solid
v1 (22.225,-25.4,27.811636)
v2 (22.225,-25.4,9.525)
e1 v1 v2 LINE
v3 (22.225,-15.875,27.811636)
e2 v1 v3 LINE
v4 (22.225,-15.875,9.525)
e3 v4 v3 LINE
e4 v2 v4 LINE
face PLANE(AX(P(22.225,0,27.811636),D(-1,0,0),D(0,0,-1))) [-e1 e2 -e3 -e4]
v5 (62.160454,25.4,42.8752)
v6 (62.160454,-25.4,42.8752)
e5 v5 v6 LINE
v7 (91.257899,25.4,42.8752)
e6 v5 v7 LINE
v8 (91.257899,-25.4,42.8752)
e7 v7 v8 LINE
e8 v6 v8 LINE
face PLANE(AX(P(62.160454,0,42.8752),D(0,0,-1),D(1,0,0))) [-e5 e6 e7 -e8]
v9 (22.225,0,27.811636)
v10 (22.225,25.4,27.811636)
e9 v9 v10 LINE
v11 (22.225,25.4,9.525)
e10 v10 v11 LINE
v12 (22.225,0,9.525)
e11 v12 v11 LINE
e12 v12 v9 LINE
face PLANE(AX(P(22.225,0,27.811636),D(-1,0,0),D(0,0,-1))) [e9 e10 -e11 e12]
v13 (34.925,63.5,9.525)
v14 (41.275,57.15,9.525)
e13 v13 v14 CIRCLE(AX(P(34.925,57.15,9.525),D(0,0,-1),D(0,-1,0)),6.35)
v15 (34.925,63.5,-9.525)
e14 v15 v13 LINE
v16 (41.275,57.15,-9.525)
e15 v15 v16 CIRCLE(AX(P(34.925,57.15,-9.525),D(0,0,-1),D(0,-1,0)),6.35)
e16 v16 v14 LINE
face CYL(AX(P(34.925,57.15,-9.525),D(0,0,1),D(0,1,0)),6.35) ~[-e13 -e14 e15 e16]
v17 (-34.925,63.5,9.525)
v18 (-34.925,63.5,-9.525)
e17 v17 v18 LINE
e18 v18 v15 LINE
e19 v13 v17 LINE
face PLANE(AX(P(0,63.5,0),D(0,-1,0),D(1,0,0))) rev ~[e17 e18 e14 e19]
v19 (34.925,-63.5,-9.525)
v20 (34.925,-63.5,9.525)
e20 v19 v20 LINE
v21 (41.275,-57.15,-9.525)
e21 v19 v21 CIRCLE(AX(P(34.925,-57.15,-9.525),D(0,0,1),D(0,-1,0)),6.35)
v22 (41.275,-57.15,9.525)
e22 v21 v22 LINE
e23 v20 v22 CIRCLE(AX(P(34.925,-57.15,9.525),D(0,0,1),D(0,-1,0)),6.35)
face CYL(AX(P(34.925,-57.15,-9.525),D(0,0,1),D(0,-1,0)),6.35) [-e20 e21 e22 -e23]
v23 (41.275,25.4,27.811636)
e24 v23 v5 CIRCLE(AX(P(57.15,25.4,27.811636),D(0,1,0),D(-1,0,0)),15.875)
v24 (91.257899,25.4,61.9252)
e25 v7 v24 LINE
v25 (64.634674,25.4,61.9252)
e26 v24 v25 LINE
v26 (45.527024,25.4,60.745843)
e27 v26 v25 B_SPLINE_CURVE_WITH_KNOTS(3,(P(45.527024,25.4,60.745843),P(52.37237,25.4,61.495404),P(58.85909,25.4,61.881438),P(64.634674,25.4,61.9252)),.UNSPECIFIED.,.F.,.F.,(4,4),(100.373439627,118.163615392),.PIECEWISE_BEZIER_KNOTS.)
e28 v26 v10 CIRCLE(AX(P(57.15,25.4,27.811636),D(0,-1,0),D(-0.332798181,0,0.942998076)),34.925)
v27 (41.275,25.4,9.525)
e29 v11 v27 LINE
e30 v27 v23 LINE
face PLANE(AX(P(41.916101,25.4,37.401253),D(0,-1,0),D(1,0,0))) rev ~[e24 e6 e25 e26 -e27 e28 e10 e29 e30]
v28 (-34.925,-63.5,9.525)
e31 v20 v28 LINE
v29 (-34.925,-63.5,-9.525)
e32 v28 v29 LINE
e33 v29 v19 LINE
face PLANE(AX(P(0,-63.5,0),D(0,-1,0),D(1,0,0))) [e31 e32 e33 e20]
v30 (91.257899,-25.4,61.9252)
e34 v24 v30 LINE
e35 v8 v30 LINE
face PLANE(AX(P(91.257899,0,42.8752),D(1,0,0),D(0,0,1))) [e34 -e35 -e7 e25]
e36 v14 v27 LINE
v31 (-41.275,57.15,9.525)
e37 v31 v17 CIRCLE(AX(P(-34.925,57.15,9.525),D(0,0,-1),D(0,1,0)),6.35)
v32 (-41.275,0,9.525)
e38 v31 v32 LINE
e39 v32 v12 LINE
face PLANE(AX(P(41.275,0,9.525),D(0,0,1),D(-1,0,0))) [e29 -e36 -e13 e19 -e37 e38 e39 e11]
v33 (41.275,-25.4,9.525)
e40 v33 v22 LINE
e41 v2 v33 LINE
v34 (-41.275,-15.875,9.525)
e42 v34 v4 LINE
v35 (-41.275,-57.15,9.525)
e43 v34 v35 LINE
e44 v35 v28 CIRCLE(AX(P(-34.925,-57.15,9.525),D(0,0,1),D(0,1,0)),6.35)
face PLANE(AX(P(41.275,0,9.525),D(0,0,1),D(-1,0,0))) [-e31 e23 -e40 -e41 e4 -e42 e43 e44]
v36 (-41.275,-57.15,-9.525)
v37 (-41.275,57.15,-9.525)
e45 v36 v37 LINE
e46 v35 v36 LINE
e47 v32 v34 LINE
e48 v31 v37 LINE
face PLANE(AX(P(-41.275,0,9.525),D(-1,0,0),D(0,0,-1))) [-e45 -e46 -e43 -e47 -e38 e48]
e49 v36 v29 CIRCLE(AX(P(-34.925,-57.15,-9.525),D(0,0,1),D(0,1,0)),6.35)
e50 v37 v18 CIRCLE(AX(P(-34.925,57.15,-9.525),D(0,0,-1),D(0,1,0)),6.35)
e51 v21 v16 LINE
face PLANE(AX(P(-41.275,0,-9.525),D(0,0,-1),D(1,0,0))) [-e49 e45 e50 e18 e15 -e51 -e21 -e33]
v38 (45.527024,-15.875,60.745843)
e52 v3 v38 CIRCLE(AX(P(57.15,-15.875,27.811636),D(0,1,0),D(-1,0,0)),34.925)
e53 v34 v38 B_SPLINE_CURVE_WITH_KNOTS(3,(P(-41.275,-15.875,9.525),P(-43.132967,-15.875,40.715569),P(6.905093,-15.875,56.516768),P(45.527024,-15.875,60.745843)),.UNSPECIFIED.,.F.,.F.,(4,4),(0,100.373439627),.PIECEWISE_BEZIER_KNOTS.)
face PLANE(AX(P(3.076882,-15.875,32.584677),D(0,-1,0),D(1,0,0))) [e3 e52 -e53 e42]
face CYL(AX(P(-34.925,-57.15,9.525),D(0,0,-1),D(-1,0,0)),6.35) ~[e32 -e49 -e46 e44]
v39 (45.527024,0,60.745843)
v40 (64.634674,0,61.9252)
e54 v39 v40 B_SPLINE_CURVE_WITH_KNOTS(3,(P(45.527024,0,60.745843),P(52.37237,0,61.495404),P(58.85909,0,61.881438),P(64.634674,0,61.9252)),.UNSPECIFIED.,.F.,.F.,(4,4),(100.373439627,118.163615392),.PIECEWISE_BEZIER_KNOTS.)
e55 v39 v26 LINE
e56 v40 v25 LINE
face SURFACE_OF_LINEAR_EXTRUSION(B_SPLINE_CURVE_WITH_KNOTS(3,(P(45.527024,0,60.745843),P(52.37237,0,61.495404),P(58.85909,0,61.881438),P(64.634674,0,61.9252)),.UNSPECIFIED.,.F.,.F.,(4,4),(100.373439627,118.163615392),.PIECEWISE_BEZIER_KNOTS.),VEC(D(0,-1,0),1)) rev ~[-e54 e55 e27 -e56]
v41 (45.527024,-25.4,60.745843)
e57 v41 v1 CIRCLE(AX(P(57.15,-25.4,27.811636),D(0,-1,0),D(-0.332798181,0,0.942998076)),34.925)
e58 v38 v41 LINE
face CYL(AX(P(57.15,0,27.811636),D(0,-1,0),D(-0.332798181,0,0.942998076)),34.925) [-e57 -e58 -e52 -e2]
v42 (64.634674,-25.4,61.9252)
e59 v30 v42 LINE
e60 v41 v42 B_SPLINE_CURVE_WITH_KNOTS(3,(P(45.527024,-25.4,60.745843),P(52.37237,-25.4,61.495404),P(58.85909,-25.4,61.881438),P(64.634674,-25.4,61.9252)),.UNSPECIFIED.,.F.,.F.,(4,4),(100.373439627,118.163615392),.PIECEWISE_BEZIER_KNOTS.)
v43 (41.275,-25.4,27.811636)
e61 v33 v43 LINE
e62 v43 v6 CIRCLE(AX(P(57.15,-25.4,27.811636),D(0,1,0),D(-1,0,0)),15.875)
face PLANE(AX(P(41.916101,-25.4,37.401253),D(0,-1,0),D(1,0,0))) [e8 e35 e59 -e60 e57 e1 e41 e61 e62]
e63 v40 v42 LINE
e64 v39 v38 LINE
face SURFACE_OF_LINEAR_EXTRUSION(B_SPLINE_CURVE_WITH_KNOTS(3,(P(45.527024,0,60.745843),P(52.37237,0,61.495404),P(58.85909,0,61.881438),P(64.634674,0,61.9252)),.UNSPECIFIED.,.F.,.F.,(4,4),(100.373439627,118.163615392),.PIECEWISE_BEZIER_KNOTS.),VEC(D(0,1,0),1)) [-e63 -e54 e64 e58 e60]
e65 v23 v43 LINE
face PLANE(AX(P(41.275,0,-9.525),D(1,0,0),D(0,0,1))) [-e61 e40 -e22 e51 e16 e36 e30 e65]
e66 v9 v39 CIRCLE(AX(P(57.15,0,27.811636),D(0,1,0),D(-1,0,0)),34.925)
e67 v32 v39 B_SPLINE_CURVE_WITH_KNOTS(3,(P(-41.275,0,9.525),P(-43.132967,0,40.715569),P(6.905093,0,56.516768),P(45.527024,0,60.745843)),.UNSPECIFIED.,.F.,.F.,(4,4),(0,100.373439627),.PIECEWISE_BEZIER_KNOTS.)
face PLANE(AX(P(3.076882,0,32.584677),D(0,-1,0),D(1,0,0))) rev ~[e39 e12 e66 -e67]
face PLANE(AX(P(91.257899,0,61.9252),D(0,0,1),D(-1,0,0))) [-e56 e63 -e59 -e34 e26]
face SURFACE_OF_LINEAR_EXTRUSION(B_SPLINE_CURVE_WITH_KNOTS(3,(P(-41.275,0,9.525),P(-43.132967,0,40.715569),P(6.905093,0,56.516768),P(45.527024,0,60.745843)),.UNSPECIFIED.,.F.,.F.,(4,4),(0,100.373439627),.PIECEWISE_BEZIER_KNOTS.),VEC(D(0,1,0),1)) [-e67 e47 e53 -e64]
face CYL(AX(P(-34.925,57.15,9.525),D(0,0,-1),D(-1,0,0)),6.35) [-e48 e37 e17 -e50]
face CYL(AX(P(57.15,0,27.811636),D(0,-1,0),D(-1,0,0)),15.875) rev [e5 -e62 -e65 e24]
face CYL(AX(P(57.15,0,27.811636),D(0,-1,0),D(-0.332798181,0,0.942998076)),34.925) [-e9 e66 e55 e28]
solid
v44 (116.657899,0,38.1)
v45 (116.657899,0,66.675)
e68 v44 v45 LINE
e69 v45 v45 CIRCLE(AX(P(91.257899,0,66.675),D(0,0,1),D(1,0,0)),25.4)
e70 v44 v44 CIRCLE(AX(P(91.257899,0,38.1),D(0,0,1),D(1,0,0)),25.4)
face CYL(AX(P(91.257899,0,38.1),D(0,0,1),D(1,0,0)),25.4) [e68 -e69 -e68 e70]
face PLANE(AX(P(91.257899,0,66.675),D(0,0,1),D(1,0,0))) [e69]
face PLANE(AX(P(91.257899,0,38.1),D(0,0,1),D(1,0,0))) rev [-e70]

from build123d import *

# Parameters (mm, degrees)
F2_DEPTH = 63.5
F0_W     = 25.4
F0_H     = 19.05
F3_DEPTH = 25.4
F4_DEPTH = 15.875
F6_R     = 6.35


with BuildPart() as f2:
    # F0 (on Front) → F2 (new body, symmetric)
    with BuildSketch(Plane.XZ):
        Polygon((41.275, -9.525), (41.275, 9.525), (22.225, 9.525), (-41.275, 9.525), (-41.275, -9.525), align=None)
    extrude(amount=F2_DEPTH, both=True)

    # F0 (on Front) → F3 (join, symmetric)
    with BuildSketch(Plane.XZ):
        with BuildLine():
            Line((22.225, 9.525), (41.275, 9.525))
            Line((41.275, 9.525), (41.275, 27.8116355362))
            ThreePointArc((41.275, 27.8116355362), (47.8635941937, 40.687127457), (62.1604541356, 42.8752))
            Line((62.1604541356, 42.8752), (65.8578989433, 42.8752))
            Line((65.8578989433, 42.8752), (65.8578989433, 61.9252))
            Line((65.8578989433, 61.9252), (64.6346739792, 61.9252))
            add(Edge.make_bspline(
                [(45.5270235405, 60.7458433333), (52.3723696476, 61.4954040628), (58.8590897822, 61.881438389), (64.6346739792, 61.9252)],
                knots=[100.3734396269, 100.3734396269, 100.3734396269, 100.3734396269, 118.1636153916, 118.1636153916, 118.1636153916, 118.1636153916], degree=3))
            ThreePointArc((45.5270235405, 60.7458433333), (28.6395801693, 47.9836851612), (22.225, 27.8116355362))
            Line((22.225, 27.8116355362), (22.225, 9.525))
        make_face()
        with Locations((78.5578989433, 52.4002)):
            Rectangle(F0_W, F0_H)
    extrude(amount=F3_DEPTH, both=True)

    # F0 (on Front) → F4 (join)
    with BuildSketch(Plane.XZ):
        with BuildLine():
            Line((-41.275, 9.525), (22.225, 9.525))
            Line((22.225, 9.525), (22.225, 27.8116355362))
            ThreePointArc((22.225, 27.8116355362), (28.6395801693, 47.9836851612), (45.5270235405, 60.7458433333))
            add(Edge.make_bspline(
                [(-41.275, 9.525), (-43.1329669125, 40.7155687562), (6.9050929142, 56.5167682736), (45.5270235405, 60.7458433333)],
                knots=[0, 0, 0, 0, 100.3734396269, 100.3734396269, 100.3734396269, 100.3734396269], degree=3))
        make_face()
    extrude(amount=F4_DEPTH)

    # F6
    f6_edges = [f2.edges().sort_by_distance(p)[0] for p in [
        (41.275, -63.5, 0),
        (-41.275, -63.5, 0),
        (-41.275, 63.5, 0),
        (41.275, 63.5, 0),
    ]]
    fillet(f6_edges, radius=F6_R)


with BuildPart() as f5:
    # F0 (on Front) → F5 (revolve)
    with BuildSketch(Plane.XZ):
        Polygon((91.2578989433, 61.9252), (91.2578989433, 42.8752), (91.2578989433, 38.1), (116.6578989433, 38.1), (116.6578989433, 66.675), (91.2578989433, 66.675), align=None)
    revolve(axis=Axis((91.2578989433, 0, 52.3875), (0, 0, 1)))


solid = Compound([f2.part, f5.part])
